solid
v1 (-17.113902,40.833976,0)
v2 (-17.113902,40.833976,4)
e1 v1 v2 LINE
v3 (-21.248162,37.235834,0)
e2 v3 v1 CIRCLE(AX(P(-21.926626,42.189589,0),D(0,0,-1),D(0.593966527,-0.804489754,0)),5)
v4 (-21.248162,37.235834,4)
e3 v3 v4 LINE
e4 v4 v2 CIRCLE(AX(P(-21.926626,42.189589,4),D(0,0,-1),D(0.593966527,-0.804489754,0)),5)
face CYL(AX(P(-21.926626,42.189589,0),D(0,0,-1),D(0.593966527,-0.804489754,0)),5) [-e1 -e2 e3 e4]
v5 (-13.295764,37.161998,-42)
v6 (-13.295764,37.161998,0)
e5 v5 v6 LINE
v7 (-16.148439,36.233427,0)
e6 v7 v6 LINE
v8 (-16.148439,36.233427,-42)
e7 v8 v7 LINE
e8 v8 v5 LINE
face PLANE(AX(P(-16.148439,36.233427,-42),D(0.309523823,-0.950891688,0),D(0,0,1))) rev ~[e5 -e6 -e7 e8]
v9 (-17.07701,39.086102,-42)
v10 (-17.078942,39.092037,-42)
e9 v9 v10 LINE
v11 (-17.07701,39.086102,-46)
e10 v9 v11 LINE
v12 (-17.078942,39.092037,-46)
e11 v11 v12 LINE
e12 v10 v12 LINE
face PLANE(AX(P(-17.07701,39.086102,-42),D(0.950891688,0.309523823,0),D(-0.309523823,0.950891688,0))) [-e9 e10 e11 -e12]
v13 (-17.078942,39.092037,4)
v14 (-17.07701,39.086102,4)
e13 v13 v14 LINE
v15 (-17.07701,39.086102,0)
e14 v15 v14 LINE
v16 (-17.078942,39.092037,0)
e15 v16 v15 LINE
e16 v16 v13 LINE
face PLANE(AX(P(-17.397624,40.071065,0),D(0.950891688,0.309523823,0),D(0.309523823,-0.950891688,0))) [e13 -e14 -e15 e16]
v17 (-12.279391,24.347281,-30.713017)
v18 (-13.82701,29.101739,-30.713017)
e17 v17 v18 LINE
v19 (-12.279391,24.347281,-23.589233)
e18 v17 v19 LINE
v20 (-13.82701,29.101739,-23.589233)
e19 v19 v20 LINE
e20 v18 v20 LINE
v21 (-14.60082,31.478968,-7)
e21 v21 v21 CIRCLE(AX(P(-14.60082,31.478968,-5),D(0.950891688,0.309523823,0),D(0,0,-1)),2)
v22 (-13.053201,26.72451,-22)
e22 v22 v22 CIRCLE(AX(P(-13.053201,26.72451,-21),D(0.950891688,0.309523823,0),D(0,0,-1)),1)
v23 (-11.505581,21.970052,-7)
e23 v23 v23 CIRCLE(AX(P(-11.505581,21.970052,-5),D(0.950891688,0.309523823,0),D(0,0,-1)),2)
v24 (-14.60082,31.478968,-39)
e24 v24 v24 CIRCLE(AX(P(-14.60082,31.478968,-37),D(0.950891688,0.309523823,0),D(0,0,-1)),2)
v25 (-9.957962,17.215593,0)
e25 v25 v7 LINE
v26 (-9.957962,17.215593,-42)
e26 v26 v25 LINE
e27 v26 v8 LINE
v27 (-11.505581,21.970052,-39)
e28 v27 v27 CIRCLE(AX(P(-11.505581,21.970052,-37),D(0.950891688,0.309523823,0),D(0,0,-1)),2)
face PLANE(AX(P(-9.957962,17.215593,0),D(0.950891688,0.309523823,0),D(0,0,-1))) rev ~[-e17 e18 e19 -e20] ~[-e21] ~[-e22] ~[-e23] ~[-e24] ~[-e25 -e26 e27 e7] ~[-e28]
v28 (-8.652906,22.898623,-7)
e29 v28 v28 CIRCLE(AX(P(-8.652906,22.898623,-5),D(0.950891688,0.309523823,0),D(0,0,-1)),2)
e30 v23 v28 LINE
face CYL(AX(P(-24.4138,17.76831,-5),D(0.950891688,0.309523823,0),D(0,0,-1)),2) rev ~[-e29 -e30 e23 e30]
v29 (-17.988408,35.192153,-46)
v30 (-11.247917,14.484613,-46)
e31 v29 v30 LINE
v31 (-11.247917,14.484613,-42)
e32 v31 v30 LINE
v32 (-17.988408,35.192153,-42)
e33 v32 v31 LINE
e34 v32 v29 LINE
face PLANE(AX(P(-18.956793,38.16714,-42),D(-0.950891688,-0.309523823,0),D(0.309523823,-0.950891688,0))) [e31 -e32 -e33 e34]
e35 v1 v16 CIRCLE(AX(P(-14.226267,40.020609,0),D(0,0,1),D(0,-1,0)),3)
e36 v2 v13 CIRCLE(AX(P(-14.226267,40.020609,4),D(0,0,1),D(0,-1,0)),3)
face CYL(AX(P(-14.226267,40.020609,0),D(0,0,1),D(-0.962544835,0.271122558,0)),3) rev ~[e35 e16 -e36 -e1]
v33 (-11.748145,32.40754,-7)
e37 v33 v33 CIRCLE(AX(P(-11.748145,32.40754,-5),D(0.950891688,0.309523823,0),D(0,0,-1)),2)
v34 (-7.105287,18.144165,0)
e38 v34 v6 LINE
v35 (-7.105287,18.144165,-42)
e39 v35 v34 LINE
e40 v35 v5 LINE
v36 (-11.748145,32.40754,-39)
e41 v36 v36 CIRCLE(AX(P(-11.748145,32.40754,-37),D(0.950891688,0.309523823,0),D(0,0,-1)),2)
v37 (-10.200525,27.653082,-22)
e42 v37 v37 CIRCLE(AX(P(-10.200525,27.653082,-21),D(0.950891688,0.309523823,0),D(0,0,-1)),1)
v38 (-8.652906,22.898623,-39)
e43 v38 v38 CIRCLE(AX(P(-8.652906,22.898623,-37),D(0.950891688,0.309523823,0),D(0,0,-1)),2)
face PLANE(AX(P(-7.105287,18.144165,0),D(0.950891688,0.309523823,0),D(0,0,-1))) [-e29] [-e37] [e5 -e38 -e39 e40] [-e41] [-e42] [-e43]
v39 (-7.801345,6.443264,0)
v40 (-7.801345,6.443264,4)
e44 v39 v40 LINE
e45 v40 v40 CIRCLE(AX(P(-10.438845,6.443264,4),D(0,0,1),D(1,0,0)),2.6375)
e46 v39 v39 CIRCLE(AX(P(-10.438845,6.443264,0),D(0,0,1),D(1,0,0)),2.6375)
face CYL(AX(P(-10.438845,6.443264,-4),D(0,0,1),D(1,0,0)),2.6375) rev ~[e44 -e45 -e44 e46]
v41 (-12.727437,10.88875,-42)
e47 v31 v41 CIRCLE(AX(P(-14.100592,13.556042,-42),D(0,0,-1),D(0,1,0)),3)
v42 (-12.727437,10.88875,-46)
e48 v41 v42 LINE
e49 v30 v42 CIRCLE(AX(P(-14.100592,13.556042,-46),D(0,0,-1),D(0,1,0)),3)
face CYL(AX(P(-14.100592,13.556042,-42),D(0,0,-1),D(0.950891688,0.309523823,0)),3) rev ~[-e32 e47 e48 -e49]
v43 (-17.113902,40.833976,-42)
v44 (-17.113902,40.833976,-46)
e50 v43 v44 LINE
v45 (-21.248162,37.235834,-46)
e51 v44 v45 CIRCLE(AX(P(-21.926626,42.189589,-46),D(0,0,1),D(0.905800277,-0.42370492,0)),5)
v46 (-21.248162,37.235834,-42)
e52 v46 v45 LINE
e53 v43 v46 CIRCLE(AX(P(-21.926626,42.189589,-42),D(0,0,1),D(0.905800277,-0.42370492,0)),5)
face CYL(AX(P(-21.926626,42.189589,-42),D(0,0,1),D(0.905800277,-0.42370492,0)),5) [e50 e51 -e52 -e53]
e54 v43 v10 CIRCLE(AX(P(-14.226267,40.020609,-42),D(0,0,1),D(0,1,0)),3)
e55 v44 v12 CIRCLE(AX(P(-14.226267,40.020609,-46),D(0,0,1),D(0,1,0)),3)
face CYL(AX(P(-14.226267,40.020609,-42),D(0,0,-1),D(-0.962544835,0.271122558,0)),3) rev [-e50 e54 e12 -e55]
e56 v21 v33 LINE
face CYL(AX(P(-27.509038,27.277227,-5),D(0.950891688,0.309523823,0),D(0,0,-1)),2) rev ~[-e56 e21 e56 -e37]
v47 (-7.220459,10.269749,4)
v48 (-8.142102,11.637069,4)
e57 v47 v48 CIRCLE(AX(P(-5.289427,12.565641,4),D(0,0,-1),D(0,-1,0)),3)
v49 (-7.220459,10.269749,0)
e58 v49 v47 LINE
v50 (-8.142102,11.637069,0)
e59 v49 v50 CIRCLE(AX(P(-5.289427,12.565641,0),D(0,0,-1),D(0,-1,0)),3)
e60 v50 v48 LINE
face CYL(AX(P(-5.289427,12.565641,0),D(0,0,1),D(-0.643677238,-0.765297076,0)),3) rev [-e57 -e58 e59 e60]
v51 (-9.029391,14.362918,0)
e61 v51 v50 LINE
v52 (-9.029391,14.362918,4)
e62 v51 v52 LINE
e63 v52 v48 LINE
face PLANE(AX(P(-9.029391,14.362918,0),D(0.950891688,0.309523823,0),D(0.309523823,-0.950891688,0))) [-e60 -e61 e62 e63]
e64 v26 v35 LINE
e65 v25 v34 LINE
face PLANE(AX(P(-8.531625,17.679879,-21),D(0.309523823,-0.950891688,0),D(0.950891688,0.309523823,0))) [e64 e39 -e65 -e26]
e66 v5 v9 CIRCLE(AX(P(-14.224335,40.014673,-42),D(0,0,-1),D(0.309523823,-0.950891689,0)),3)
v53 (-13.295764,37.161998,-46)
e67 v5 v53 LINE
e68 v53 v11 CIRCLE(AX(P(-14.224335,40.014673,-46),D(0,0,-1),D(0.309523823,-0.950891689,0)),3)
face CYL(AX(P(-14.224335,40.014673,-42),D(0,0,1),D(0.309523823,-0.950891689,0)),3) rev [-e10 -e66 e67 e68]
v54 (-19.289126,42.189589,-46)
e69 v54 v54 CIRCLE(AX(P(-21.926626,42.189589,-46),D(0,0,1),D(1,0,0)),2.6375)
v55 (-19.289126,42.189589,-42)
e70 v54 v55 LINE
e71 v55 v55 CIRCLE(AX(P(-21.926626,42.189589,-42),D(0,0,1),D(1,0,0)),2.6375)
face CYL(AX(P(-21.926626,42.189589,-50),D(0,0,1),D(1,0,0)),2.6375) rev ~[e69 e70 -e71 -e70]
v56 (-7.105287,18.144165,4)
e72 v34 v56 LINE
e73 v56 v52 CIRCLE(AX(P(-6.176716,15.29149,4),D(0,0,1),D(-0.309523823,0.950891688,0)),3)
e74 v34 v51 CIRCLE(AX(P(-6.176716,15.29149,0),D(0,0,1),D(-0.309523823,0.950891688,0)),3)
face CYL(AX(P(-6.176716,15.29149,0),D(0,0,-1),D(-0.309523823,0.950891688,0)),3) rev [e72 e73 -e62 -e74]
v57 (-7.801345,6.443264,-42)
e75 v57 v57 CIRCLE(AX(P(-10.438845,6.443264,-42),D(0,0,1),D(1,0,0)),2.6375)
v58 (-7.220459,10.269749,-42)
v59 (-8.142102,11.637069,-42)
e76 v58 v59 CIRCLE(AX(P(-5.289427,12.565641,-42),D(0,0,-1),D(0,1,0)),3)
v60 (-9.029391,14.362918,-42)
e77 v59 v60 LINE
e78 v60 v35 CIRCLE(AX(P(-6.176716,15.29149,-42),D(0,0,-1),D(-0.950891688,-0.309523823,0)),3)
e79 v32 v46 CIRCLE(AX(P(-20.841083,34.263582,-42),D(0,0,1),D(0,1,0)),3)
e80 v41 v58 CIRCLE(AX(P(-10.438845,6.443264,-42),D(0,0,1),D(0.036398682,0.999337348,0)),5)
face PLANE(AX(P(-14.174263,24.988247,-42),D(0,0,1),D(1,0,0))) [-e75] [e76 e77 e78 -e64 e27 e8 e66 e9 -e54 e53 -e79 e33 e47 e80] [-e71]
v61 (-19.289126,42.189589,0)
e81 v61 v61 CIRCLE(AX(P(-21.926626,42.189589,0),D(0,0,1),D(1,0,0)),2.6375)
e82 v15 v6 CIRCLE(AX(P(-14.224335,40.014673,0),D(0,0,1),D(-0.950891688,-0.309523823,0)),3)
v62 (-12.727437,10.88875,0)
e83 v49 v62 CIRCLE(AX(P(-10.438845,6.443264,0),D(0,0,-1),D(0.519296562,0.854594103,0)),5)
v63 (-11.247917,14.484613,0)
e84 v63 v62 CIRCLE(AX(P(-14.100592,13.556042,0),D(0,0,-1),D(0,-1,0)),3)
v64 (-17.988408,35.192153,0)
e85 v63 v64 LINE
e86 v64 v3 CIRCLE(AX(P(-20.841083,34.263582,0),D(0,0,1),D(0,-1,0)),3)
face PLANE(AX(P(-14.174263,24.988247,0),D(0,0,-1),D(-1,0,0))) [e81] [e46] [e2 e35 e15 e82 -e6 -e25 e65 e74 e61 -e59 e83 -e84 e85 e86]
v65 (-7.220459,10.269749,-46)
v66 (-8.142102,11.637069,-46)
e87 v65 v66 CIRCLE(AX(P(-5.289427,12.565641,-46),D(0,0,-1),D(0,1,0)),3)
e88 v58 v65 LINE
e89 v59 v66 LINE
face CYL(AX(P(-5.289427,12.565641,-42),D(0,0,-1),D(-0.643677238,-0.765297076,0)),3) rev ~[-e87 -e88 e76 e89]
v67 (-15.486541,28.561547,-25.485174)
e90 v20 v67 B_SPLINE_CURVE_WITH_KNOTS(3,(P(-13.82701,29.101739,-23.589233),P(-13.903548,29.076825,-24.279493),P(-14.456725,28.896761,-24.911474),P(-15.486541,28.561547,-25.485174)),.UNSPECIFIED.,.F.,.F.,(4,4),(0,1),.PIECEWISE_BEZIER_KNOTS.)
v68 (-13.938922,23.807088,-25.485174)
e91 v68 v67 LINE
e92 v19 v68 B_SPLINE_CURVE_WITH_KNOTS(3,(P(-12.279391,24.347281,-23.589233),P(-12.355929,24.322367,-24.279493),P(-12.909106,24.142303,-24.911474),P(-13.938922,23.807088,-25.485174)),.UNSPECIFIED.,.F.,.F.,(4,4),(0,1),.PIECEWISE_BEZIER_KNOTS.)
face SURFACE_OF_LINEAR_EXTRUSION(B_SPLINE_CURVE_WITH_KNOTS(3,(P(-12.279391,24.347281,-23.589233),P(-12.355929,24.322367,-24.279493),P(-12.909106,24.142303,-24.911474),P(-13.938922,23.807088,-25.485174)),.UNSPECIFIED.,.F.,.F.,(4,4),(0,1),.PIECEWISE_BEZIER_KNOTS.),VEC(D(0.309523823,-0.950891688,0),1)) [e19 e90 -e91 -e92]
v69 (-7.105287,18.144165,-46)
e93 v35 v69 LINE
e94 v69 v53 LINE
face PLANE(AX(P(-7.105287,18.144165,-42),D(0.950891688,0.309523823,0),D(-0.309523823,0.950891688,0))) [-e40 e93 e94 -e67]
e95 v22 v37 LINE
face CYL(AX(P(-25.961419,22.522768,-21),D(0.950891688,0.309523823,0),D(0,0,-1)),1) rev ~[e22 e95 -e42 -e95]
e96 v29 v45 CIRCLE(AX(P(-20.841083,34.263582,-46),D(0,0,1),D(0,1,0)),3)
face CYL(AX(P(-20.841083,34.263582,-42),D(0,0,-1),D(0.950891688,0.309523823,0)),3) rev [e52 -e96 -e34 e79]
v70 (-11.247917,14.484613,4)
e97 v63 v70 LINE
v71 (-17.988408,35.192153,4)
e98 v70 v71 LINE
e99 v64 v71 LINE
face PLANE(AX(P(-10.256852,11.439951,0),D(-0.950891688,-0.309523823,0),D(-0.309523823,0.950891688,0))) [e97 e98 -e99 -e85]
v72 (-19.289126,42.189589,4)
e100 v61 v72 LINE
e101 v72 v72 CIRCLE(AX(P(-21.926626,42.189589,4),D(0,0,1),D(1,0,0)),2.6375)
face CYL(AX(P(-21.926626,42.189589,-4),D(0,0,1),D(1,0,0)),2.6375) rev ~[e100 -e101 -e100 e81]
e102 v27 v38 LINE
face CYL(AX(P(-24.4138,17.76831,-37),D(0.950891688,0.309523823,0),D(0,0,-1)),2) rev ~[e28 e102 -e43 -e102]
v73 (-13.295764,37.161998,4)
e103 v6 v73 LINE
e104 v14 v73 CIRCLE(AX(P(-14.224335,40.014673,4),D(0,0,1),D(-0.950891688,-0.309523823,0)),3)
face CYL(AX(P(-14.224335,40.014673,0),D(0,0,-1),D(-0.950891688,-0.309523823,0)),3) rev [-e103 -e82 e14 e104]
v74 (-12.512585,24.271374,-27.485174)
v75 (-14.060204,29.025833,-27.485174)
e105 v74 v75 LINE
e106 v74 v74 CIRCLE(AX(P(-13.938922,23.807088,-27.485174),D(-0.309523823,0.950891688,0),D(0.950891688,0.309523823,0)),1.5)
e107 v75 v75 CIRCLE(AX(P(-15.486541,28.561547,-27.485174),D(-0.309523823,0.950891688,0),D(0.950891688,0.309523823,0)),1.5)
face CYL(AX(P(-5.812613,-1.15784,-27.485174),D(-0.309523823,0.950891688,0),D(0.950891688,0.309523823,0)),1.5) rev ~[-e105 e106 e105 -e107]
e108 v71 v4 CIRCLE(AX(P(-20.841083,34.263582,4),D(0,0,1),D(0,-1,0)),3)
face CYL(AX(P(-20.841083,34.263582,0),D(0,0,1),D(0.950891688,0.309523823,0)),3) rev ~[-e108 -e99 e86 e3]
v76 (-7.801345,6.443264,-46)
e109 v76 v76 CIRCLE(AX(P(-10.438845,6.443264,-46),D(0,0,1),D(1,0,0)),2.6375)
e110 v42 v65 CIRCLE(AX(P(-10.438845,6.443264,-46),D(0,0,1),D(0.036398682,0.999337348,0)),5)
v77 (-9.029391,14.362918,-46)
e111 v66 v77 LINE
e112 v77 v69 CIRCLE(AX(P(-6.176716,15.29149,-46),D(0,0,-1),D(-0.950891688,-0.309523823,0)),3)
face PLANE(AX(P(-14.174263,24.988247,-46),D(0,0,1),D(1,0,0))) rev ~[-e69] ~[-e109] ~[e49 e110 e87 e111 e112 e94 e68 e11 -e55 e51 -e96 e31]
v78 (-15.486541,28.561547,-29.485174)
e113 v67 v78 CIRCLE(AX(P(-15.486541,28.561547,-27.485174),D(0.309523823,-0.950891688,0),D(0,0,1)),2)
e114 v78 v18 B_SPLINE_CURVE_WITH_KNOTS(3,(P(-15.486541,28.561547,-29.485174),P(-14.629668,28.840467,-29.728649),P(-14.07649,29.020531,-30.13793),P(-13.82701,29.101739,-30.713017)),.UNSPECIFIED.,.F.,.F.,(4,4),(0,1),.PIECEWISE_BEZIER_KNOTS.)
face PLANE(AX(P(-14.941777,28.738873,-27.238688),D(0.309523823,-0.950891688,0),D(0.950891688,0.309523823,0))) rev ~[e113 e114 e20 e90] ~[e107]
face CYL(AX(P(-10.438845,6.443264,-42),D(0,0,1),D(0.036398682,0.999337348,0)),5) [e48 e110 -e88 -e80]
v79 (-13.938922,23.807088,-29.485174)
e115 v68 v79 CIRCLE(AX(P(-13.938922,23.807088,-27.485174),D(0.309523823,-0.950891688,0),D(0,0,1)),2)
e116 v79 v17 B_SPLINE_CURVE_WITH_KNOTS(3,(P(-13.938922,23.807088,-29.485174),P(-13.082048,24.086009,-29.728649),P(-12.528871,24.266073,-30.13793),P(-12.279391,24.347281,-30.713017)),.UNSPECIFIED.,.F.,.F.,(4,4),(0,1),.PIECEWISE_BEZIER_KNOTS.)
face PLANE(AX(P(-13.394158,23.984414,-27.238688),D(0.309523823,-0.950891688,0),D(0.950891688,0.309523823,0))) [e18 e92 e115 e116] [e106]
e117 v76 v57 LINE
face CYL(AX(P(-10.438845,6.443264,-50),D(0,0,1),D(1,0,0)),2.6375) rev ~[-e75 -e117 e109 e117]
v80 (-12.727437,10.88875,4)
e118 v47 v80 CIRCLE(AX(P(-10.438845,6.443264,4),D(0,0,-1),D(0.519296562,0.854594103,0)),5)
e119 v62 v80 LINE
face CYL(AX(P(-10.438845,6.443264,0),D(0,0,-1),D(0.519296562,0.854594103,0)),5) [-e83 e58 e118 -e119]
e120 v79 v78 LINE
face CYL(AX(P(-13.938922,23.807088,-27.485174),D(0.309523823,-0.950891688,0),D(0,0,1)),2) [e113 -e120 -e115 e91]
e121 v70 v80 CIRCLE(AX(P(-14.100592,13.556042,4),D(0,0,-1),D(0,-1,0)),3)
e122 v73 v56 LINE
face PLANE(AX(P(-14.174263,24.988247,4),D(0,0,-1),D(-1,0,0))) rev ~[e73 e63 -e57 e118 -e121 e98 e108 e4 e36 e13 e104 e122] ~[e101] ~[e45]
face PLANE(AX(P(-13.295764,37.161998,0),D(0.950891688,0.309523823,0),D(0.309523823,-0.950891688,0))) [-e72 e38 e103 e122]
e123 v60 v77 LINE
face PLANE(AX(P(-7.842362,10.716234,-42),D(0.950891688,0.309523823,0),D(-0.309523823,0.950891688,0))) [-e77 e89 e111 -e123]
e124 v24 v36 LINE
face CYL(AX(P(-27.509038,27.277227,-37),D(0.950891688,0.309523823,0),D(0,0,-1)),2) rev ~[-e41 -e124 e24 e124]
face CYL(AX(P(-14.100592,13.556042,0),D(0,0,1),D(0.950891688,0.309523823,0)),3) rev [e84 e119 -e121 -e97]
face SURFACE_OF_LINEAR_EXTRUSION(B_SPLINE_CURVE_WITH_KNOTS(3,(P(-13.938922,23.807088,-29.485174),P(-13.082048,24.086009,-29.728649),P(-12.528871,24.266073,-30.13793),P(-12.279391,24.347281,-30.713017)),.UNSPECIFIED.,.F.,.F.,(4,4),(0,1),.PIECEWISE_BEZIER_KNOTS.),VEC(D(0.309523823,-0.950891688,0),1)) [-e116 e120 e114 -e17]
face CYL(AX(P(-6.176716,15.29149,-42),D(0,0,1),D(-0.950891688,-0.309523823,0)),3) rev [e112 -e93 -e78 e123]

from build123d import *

# Parameters (mm, degrees)
BOSS_EXTRUDE1_DEPTH          = 5
SKETCH6_W                    = 42
SKETCH6_H                    = 20
BOSS_EXTRUDE2_DEPTH          = 3
BOSS_EXTRUDE3_DEPTH          = 4
SKETCH14_W                   = 3
SKETCH14_H                   = 42
BOSS_EXTRUDE4_DEPTH          = 3
SKETCH15_W                   = 3
SKETCH15_H                   = 42
CUT_EXTRUDE1_DEPTH           = 3
BOSS_EXTRUDE5_DEPTH          = 4
F_2_0_2_DIAMETER_HOLE1_D     = 2
F_2_0_2_DIAMETER_HOLE1_DEPTH = 13.574856707
F_4_0_4_DIAMETER_HOLE1_D     = 4
F_4_0_4_DIAMETER_HOLE1_DEPTH = 13.574856707
HOLE1_D                      = 5.275
HOLE1_DEPTH                  = 4
HOLE2_D                      = 5.275
HOLE2_DEPTH                  = 4
F_3_0_3_DIAMETER_HOLE1_D     = 3
F_3_0_3_DIAMETER_HOLE1_DEPTH = 26.254229339
FILLET1_R                    = 3


with BuildPart() as part:
    # Sketch1 → Boss-Extrude1 (new body)
    with BuildSketch(Plane(origin=(-8.342407099, 25.628804584, 0), x_dir=(0.950891688, 0.309523823, 0), z_dir=(0.309523823, -0.950891688, 0))):
        with BuildLine():
            Line((-4.14030738, -30.713017444), (-4.14030738, -23.589232886))
            add(Edge.make_bspline(
                [(-4.14030738, -23.589232886), (-4.220798256, -24.279493403), (-4.802543831, -24.911473889), (-5.885544107, -25.485174345)],
                knots=[0, 0, 0, 0, 1, 1, 1, 1], degree=3))
            ThreePointArc((-5.885544107, -25.485174345), (-7.885544107, -27.485174345), (-5.885544107, -29.485174345))
            add(Edge.make_bspline(
                [(-5.885544107, -29.485174345), (-4.984417634, -29.728649028), (-4.402672059, -30.137930061), (-4.14030738, -30.713017444)],
                knots=[0, 0, 0, 0, 1, 1, 1, 1], degree=3))
        make_face()
    extrude(amount=-BOSS_EXTRUDE1_DEPTH)

    # Sketch6 → Boss-Extrude2 (add)
    with BuildSketch(Plane(origin=(-3.936983875, -1.281523768, 0), x_dir=(0, 0, 1), z_dir=(-0.950891688, -0.309523823, 0))):
        with Locations((-21, 29.452391)):
            Rectangle(SKETCH6_W, SKETCH6_H)
    extrude(amount=-BOSS_EXTRUDE2_DEPTH)

    # Sketch8 → Boss-Extrude3 (add)
    with BuildSketch(Plane.XY):
        with BuildLine():
            Line((-17.397624454, 40.071064625), (-17.077010229, 39.086101986))
            ThreePointArc((-17.077010229, 39.086101986), (-15.584881864, 37.340928389), (-13.295763695, 37.161998389))
            Line((-13.295763695, 37.161998389), (-7.105287237, 18.144164622))
            ThreePointArc((-7.105287237, 18.144164622), (-8.850460834, 16.652036257), (-9.029390833, 14.362918088))
            Line((-9.029390833, 14.362918088), (-7.842362425, 10.716234493))
            ThreePointArc((-7.842362425, 10.716234493), (-11.874437039, 1.653788416), (-10.256851829, 11.439950722))
            Line((-10.256851829, 11.439950722), (-18.956793202, 38.167140452))
            ThreePointArc((-18.956793202, 38.167140452), (-25.795005306, 45.357497095), (-17.397624454, 40.071064625))
        make_face()
    extrude(amount=BOSS_EXTRUDE3_DEPTH)

    # Sketch14 → Boss-Extrude4 (add)
    with BuildSketch(Plane(origin=(-6.020978427, 18.497116921, 0), x_dir=(-0.950891688, -0.309523823, 0), z_dir=(0.309523823, -0.950891688, 0))):
        with Locations((2.64030738, 21)):
            Rectangle(SKETCH14_W, SKETCH14_H)
    extrude(amount=BOSS_EXTRUDE4_DEPTH)

    # Sketch15 → Cut-Extrude1 (cut)
    with BuildSketch(Plane(origin=(-5.092406958, 15.644441856, 0), x_dir=(0.950891688, 0.309523823, 0), z_dir=(0.309523823, -0.950891688, 0))):
        with Locations((-2.64030738, -21)):
            Rectangle(SKETCH15_W, SKETCH15_H)
    extrude(amount=-CUT_EXTRUDE1_DEPTH, mode=Mode.SUBTRACT)

    # Sketch22 → Boss-Extrude5 (add)
    with BuildSketch(Plane(origin=(0, 0, -42), x_dir=(-1, 0, 0), z_dir=(0, 0, -1))):
        with BuildLine():
            Line((18.956793202, 38.167140452), (10.256851829, 11.439950722))
            ThreePointArc((10.256851829, 11.439950722), (11.874437039, 1.653788416), (7.842362425, 10.716234493))
            Line((7.842362425, 10.716234493), (9.029390833, 14.362918088))
            ThreePointArc((9.029390833, 14.362918088), (8.850460834, 16.652036257), (7.105287237, 18.144164622))
            Line((7.105287237, 18.144164622), (13.295763695, 37.161998389))
            ThreePointArc((13.295763695, 37.161998389), (15.584881864, 37.340928389), (17.077010229, 39.086101986))
            Line((17.077010229, 39.086101986), (17.397624454, 40.071064625))
            ThreePointArc((17.397624454, 40.071064625), (25.795005306, 45.357497095), (18.956793202, 38.167140452))
        make_face()
    extrude(amount=BOSS_EXTRUDE5_DEPTH)

    # Ø2.0 (2) Diameter Hole1
    with Locations(Plane(origin=(-3.936983875, -1.281523768, 0), x_dir=(0, 0, 1), z_dir=(-0.950891688, -0.309523823, 0))):
        with Locations((-21, 29.452391)):
            Hole(F_2_0_2_DIAMETER_HOLE1_D / 2, depth=F_2_0_2_DIAMETER_HOLE1_DEPTH)

    # Ø4.0 (4) Diameter Hole1
    with Locations(Plane(origin=(-3.936983875, -1.281523768, 0), x_dir=(0, 0, 1), z_dir=(-0.950891688, -0.309523823, 0))):
        with Locations((-5, 24.452391), (-37, 24.452391), (-37, 34.452391), (-5, 34.452391)):
            Hole(F_4_0_4_DIAMETER_HOLE1_D / 2, depth=F_4_0_4_DIAMETER_HOLE1_DEPTH)

    # Hole1
    with Locations(Plane(origin=(0, 0, -46), x_dir=(-1, 0, 0), z_dir=(0, 0, -1))):
        with Locations((10.438845238, 6.44326398), (21.926625837, 42.189589224)):
            Hole(HOLE1_D / 2, depth=HOLE1_DEPTH)

    # Hole2
    with Locations(Plane(origin=(0, 0, 0), x_dir=(-1, 0, 0), z_dir=(0, 0, -1))):
        with Locations((10.438845238, 6.44326398), (21.926625837, 42.189589224)):
            Hole(HOLE2_D / 2, depth=HOLE2_DEPTH)

    # Ø3.0 (3) Diameter Hole1
    with Locations(Plane(origin=(-8.342407099, 25.628804584, 0), x_dir=(-0.950891688, -0.309523823, 0), z_dir=(0.309523823, -0.950891688, 0))):
        with Locations((5.885544107, 27.485174345)):
            Hole(F_3_0_3_DIAMETER_HOLE1_D / 2, depth=F_3_0_3_DIAMETER_HOLE1_DEPTH)

    # Fillet1
    fillet1_edges = [part.edges().sort_by_distance(p)[0] for p in [
        (-17.397624454, 40.071064625, 2),
        (-18.956793202, 38.167140452, 2),
        (-10.256851829, 11.439950722, 2),
        (-7.842362425, 10.716234493, 2),
        (-18.956793202, 38.167140452, -44),
        (-17.397624454, 40.071064625, -44),
        (-7.842362425, 10.716234493, -44),
        (-10.256851829, 11.439950722, -44),
    ]]
    fillet(fillet1_edges, radius=FILLET1_R)


solid = part.part
